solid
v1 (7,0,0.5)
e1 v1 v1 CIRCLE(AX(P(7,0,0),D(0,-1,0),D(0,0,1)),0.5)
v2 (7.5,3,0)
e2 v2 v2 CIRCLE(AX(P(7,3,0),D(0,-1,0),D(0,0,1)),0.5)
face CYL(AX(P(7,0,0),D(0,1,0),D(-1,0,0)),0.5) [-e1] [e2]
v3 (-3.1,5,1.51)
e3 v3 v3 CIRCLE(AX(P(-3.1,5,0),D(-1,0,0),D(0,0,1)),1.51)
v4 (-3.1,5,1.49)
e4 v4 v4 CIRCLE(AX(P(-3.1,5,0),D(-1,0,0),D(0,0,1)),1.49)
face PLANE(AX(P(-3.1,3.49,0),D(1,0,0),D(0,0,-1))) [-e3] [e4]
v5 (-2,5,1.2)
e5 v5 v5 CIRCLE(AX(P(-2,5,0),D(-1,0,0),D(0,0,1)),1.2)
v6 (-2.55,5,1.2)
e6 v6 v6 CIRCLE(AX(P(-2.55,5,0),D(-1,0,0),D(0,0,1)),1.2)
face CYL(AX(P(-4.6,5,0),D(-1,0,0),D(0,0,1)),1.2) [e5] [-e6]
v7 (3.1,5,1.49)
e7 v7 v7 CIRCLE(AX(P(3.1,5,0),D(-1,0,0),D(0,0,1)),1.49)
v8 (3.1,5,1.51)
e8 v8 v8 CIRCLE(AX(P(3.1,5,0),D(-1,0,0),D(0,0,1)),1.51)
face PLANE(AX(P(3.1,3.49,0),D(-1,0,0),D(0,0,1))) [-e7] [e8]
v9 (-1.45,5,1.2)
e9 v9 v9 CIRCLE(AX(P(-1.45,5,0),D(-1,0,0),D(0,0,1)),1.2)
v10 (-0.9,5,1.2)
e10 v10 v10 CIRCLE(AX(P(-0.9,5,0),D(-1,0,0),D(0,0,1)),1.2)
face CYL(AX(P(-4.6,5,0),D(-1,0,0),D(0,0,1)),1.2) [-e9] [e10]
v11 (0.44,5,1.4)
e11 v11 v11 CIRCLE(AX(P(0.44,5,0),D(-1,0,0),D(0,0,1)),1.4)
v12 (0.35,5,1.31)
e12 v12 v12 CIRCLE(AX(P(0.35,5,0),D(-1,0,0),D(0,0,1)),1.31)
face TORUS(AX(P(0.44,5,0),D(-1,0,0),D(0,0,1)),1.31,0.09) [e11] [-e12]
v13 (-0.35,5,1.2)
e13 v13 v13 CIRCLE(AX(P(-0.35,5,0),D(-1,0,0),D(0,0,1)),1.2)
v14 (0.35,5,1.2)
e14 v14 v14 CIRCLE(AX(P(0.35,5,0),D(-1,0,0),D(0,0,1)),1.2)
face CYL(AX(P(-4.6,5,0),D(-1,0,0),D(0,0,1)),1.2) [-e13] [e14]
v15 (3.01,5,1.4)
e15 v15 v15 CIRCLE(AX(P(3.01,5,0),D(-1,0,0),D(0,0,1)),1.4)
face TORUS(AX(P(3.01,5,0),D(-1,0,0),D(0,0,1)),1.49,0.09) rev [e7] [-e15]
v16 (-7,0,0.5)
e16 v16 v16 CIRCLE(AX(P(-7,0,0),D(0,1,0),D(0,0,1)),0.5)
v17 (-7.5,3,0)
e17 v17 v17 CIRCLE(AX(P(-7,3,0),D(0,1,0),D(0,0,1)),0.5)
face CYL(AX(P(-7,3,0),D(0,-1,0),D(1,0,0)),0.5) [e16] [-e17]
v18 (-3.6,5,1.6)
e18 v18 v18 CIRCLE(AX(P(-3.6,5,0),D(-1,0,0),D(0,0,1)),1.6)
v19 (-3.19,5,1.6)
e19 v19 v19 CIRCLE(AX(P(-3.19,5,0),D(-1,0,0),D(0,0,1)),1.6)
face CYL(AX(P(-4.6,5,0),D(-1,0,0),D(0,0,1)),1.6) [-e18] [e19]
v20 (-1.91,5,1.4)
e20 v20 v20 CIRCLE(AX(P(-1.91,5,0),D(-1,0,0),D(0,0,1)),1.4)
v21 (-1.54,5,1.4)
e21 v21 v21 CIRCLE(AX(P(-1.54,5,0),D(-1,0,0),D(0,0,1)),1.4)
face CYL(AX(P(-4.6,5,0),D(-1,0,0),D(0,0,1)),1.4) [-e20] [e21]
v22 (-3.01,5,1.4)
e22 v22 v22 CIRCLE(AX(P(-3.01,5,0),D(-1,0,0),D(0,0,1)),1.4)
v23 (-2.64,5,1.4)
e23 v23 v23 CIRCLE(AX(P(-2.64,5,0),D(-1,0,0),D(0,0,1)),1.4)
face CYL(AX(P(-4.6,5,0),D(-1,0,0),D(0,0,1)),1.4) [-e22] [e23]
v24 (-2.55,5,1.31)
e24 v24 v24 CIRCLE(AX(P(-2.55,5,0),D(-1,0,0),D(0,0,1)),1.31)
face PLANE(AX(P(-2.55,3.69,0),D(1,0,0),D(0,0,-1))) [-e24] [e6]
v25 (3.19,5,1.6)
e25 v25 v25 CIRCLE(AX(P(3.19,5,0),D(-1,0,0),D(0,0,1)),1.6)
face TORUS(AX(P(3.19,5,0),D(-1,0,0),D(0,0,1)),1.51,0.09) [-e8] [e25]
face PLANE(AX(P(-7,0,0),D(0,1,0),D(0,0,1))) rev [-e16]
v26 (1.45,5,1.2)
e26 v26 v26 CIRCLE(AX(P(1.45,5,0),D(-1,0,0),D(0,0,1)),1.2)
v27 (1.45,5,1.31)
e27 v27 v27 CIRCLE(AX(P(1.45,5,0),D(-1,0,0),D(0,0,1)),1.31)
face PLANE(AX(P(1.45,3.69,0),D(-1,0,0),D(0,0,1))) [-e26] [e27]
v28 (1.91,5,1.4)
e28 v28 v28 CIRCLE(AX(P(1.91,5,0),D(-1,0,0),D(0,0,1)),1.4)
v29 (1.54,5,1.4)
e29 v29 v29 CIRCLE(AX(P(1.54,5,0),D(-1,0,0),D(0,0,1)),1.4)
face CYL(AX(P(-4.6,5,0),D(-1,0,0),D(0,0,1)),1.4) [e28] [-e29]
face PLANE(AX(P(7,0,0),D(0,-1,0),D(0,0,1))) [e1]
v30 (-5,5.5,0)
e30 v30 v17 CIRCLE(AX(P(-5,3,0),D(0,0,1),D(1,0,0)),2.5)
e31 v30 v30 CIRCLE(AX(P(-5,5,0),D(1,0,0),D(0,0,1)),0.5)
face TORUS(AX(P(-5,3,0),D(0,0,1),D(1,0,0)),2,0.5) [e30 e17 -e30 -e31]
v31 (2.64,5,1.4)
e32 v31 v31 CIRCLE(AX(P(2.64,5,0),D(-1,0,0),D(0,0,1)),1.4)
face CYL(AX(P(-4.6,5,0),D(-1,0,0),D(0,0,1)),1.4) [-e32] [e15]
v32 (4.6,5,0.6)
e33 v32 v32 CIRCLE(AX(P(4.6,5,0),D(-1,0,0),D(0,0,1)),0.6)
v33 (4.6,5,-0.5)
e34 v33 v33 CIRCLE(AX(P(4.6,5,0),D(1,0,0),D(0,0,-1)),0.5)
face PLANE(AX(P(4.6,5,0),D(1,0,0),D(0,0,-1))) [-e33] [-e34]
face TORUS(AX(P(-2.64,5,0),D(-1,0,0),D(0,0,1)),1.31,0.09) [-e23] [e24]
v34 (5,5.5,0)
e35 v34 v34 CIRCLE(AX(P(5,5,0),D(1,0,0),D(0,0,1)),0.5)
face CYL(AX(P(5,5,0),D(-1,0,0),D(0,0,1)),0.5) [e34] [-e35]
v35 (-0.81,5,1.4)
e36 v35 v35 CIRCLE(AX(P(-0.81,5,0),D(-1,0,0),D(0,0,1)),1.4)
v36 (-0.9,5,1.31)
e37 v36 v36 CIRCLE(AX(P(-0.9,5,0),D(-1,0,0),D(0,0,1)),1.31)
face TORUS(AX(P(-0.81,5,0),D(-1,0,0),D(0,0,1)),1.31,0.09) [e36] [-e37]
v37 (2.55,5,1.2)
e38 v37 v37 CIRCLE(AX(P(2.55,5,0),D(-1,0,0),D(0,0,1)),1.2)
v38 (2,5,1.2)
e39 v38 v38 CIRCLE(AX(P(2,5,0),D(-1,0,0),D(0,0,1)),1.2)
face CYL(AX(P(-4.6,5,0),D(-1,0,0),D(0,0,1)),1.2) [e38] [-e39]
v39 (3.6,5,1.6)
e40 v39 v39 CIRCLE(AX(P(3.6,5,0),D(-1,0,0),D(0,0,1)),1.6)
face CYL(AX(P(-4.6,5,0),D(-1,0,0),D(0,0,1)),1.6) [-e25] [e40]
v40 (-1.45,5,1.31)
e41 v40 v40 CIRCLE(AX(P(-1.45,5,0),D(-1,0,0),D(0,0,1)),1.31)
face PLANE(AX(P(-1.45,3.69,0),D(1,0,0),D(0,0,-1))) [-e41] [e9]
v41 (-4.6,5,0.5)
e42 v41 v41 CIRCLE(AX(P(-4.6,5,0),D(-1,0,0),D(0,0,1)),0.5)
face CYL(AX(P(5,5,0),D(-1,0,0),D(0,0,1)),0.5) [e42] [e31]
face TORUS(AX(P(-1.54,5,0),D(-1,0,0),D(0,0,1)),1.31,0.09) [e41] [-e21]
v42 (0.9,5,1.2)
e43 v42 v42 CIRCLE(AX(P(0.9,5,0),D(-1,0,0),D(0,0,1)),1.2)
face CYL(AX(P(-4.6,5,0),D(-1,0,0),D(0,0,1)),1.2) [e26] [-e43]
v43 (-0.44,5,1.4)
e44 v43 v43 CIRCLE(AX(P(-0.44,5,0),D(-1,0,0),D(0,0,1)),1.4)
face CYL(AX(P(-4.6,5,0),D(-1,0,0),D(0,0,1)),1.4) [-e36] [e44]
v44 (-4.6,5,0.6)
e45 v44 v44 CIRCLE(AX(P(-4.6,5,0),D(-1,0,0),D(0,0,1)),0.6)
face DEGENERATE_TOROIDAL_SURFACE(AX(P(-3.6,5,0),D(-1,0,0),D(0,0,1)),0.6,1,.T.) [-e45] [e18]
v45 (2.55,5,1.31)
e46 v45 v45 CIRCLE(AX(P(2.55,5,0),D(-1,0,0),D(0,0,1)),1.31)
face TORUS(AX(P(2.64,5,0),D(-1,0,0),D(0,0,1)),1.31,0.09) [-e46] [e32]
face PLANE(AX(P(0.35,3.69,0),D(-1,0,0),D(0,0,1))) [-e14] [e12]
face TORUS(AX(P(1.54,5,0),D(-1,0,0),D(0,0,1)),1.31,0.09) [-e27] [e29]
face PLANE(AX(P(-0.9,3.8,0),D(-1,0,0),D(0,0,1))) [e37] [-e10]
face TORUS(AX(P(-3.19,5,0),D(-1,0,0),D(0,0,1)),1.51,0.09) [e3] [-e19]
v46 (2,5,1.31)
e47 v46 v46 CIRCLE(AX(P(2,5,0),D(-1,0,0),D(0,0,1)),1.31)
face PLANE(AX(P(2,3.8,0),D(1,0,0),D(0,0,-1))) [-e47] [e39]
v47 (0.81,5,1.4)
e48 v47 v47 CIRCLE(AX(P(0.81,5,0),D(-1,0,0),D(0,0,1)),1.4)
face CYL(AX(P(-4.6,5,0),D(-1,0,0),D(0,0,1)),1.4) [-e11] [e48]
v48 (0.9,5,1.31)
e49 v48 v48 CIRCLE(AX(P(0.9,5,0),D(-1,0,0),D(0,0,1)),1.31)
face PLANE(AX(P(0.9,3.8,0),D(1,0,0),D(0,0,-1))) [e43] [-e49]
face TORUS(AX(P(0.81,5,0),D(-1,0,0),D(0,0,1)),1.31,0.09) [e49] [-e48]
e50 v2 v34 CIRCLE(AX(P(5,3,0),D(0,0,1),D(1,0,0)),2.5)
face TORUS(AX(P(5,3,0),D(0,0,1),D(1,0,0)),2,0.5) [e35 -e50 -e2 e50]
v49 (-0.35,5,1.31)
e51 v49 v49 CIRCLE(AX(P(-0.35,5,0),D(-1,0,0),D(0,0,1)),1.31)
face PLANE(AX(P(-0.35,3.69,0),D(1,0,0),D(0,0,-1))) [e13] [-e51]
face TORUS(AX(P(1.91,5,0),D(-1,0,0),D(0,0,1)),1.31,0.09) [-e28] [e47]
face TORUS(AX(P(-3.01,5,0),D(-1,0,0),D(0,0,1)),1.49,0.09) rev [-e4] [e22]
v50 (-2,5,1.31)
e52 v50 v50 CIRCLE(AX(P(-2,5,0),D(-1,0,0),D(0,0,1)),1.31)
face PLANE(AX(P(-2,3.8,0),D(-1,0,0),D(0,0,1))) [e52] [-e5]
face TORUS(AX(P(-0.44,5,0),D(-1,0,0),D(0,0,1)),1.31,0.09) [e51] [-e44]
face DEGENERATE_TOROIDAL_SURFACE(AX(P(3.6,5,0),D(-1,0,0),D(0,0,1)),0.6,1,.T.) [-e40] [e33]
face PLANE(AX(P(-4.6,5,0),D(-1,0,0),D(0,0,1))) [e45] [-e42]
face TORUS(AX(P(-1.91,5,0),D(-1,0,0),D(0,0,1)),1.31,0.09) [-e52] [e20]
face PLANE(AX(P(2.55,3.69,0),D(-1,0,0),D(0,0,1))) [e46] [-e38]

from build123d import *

# Parameters (mm, degrees)
SKETCH2_R = 0.5


with BuildPart() as part:
    # Sweep1: sweep along a path in Sketch3
    with BuildLine(Plane.XY) as sweep1_path:
        Line((7, 0), (7, 3))
        ThreePointArc((7, 3), (6.414213562, 4.414213562), (5, 5))
        Line((5, 5), (-5, 5))
        ThreePointArc((-5, 5), (-6.414213562, 4.414213562), (-7, 3))
        Line((-7, 3), (-7, 0))
    # Sketch2 → Sweep1 (sweep)
    with BuildSketch(Plane(origin=(0, 0, 0), x_dir=(1, 0, 0), z_dir=(0, 1, 0))):
        with Locations((-7, 0)):
            Circle(SKETCH2_R)
    sweep(path=sweep1_path.line)

    # Sketch4 → Revolve1 (revolve)
    with BuildSketch(Plane.XY):
        with BuildLine():
            Line((-4.6, 5), (-4.6, 4.4))
            ThreePointArc((-4.6, 4.4), (-4.307106781, 3.692893219), (-3.6, 3.4))
            Line((-3.6, 3.4), (-3.19, 3.4))
            ThreePointArc((-3.19, 3.4), (-3.12636039, 3.42636039), (-3.1, 3.49))
            Line((-3.1, 3.49), (-3.1, 3.51))
            ThreePointArc((-3.1, 3.51), (-3.07363961, 3.57363961), (-3.01, 3.6))
            Line((-3.01, 3.6), (-2.64, 3.6))
            ThreePointArc((-2.64, 3.6), (-2.57636039, 3.62636039), (-2.55, 3.69))
            Line((-2.55, 3.69), (-2.55, 3.8))
            Line((-2.55, 3.8), (-2, 3.8))
            Line((-2, 3.8), (-2, 3.69))
            ThreePointArc((-2, 3.69), (-1.97363961, 3.62636039), (-1.91, 3.6))
            Line((-1.91, 3.6), (-1.54, 3.6))
            ThreePointArc((-1.54, 3.6), (-1.47636039, 3.62636039), (-1.45, 3.69))
            Line((-1.45, 3.69), (-1.45, 3.8))
            Line((-1.45, 3.8), (-0.9, 3.8))
            Line((-0.9, 3.8), (-0.9, 3.69))
            ThreePointArc((-0.9, 3.69), (-0.87363961, 3.62636039), (-0.81, 3.6))
            Line((-0.81, 3.6), (-0.44, 3.6))
            ThreePointArc((-0.44, 3.6), (-0.37636039, 3.62636039), (-0.35, 3.69))
            Line((-0.35, 3.69), (-0.35, 3.8))
            Line((-0.35, 3.8), (0.35, 3.8))
            Line((0.35, 3.8), (0.35, 3.69))
            ThreePointArc((0.35, 3.69), (0.37636039, 3.62636039), (0.44, 3.6))
            Line((0.44, 3.6), (0.81, 3.6))
            ThreePointArc((0.81, 3.6), (0.87363961, 3.62636039), (0.9, 3.69))
            Line((0.9, 3.69), (0.9, 3.8))
            Line((0.9, 3.8), (1.45, 3.8))
            Line((1.45, 3.8), (1.45, 3.69))
            ThreePointArc((1.45, 3.69), (1.47636039, 3.62636039), (1.54, 3.6))
            Line((1.54, 3.6), (1.91, 3.6))
            ThreePointArc((1.91, 3.6), (1.97363961, 3.62636039), (2, 3.69))
            Line((2, 3.69), (2, 3.8))
            Line((2, 3.8), (2.55, 3.8))
            Line((2.55, 3.8), (2.55, 3.69))
            ThreePointArc((2.55, 3.69), (2.57636039, 3.62636039), (2.64, 3.6))
            Line((2.64, 3.6), (3.01, 3.6))
            ThreePointArc((3.01, 3.6), (3.07363961, 3.57363961), (3.1, 3.51))
            Line((3.1, 3.51), (3.1, 3.49))
            ThreePointArc((3.1, 3.49), (3.12636039, 3.42636039), (3.19, 3.4))
            Line((3.19, 3.4), (3.6, 3.4))
            ThreePointArc((3.6, 3.4), (4.307106781, 3.692893219), (4.6, 4.4))
            Line((4.6, 4.4), (4.6, 5))
            Line((4.6, 5), (-4.6, 5))
        make_face()
    revolve(axis=Axis((-4.6, 5, 0), (1, 0, 0)))


solid = part.part
